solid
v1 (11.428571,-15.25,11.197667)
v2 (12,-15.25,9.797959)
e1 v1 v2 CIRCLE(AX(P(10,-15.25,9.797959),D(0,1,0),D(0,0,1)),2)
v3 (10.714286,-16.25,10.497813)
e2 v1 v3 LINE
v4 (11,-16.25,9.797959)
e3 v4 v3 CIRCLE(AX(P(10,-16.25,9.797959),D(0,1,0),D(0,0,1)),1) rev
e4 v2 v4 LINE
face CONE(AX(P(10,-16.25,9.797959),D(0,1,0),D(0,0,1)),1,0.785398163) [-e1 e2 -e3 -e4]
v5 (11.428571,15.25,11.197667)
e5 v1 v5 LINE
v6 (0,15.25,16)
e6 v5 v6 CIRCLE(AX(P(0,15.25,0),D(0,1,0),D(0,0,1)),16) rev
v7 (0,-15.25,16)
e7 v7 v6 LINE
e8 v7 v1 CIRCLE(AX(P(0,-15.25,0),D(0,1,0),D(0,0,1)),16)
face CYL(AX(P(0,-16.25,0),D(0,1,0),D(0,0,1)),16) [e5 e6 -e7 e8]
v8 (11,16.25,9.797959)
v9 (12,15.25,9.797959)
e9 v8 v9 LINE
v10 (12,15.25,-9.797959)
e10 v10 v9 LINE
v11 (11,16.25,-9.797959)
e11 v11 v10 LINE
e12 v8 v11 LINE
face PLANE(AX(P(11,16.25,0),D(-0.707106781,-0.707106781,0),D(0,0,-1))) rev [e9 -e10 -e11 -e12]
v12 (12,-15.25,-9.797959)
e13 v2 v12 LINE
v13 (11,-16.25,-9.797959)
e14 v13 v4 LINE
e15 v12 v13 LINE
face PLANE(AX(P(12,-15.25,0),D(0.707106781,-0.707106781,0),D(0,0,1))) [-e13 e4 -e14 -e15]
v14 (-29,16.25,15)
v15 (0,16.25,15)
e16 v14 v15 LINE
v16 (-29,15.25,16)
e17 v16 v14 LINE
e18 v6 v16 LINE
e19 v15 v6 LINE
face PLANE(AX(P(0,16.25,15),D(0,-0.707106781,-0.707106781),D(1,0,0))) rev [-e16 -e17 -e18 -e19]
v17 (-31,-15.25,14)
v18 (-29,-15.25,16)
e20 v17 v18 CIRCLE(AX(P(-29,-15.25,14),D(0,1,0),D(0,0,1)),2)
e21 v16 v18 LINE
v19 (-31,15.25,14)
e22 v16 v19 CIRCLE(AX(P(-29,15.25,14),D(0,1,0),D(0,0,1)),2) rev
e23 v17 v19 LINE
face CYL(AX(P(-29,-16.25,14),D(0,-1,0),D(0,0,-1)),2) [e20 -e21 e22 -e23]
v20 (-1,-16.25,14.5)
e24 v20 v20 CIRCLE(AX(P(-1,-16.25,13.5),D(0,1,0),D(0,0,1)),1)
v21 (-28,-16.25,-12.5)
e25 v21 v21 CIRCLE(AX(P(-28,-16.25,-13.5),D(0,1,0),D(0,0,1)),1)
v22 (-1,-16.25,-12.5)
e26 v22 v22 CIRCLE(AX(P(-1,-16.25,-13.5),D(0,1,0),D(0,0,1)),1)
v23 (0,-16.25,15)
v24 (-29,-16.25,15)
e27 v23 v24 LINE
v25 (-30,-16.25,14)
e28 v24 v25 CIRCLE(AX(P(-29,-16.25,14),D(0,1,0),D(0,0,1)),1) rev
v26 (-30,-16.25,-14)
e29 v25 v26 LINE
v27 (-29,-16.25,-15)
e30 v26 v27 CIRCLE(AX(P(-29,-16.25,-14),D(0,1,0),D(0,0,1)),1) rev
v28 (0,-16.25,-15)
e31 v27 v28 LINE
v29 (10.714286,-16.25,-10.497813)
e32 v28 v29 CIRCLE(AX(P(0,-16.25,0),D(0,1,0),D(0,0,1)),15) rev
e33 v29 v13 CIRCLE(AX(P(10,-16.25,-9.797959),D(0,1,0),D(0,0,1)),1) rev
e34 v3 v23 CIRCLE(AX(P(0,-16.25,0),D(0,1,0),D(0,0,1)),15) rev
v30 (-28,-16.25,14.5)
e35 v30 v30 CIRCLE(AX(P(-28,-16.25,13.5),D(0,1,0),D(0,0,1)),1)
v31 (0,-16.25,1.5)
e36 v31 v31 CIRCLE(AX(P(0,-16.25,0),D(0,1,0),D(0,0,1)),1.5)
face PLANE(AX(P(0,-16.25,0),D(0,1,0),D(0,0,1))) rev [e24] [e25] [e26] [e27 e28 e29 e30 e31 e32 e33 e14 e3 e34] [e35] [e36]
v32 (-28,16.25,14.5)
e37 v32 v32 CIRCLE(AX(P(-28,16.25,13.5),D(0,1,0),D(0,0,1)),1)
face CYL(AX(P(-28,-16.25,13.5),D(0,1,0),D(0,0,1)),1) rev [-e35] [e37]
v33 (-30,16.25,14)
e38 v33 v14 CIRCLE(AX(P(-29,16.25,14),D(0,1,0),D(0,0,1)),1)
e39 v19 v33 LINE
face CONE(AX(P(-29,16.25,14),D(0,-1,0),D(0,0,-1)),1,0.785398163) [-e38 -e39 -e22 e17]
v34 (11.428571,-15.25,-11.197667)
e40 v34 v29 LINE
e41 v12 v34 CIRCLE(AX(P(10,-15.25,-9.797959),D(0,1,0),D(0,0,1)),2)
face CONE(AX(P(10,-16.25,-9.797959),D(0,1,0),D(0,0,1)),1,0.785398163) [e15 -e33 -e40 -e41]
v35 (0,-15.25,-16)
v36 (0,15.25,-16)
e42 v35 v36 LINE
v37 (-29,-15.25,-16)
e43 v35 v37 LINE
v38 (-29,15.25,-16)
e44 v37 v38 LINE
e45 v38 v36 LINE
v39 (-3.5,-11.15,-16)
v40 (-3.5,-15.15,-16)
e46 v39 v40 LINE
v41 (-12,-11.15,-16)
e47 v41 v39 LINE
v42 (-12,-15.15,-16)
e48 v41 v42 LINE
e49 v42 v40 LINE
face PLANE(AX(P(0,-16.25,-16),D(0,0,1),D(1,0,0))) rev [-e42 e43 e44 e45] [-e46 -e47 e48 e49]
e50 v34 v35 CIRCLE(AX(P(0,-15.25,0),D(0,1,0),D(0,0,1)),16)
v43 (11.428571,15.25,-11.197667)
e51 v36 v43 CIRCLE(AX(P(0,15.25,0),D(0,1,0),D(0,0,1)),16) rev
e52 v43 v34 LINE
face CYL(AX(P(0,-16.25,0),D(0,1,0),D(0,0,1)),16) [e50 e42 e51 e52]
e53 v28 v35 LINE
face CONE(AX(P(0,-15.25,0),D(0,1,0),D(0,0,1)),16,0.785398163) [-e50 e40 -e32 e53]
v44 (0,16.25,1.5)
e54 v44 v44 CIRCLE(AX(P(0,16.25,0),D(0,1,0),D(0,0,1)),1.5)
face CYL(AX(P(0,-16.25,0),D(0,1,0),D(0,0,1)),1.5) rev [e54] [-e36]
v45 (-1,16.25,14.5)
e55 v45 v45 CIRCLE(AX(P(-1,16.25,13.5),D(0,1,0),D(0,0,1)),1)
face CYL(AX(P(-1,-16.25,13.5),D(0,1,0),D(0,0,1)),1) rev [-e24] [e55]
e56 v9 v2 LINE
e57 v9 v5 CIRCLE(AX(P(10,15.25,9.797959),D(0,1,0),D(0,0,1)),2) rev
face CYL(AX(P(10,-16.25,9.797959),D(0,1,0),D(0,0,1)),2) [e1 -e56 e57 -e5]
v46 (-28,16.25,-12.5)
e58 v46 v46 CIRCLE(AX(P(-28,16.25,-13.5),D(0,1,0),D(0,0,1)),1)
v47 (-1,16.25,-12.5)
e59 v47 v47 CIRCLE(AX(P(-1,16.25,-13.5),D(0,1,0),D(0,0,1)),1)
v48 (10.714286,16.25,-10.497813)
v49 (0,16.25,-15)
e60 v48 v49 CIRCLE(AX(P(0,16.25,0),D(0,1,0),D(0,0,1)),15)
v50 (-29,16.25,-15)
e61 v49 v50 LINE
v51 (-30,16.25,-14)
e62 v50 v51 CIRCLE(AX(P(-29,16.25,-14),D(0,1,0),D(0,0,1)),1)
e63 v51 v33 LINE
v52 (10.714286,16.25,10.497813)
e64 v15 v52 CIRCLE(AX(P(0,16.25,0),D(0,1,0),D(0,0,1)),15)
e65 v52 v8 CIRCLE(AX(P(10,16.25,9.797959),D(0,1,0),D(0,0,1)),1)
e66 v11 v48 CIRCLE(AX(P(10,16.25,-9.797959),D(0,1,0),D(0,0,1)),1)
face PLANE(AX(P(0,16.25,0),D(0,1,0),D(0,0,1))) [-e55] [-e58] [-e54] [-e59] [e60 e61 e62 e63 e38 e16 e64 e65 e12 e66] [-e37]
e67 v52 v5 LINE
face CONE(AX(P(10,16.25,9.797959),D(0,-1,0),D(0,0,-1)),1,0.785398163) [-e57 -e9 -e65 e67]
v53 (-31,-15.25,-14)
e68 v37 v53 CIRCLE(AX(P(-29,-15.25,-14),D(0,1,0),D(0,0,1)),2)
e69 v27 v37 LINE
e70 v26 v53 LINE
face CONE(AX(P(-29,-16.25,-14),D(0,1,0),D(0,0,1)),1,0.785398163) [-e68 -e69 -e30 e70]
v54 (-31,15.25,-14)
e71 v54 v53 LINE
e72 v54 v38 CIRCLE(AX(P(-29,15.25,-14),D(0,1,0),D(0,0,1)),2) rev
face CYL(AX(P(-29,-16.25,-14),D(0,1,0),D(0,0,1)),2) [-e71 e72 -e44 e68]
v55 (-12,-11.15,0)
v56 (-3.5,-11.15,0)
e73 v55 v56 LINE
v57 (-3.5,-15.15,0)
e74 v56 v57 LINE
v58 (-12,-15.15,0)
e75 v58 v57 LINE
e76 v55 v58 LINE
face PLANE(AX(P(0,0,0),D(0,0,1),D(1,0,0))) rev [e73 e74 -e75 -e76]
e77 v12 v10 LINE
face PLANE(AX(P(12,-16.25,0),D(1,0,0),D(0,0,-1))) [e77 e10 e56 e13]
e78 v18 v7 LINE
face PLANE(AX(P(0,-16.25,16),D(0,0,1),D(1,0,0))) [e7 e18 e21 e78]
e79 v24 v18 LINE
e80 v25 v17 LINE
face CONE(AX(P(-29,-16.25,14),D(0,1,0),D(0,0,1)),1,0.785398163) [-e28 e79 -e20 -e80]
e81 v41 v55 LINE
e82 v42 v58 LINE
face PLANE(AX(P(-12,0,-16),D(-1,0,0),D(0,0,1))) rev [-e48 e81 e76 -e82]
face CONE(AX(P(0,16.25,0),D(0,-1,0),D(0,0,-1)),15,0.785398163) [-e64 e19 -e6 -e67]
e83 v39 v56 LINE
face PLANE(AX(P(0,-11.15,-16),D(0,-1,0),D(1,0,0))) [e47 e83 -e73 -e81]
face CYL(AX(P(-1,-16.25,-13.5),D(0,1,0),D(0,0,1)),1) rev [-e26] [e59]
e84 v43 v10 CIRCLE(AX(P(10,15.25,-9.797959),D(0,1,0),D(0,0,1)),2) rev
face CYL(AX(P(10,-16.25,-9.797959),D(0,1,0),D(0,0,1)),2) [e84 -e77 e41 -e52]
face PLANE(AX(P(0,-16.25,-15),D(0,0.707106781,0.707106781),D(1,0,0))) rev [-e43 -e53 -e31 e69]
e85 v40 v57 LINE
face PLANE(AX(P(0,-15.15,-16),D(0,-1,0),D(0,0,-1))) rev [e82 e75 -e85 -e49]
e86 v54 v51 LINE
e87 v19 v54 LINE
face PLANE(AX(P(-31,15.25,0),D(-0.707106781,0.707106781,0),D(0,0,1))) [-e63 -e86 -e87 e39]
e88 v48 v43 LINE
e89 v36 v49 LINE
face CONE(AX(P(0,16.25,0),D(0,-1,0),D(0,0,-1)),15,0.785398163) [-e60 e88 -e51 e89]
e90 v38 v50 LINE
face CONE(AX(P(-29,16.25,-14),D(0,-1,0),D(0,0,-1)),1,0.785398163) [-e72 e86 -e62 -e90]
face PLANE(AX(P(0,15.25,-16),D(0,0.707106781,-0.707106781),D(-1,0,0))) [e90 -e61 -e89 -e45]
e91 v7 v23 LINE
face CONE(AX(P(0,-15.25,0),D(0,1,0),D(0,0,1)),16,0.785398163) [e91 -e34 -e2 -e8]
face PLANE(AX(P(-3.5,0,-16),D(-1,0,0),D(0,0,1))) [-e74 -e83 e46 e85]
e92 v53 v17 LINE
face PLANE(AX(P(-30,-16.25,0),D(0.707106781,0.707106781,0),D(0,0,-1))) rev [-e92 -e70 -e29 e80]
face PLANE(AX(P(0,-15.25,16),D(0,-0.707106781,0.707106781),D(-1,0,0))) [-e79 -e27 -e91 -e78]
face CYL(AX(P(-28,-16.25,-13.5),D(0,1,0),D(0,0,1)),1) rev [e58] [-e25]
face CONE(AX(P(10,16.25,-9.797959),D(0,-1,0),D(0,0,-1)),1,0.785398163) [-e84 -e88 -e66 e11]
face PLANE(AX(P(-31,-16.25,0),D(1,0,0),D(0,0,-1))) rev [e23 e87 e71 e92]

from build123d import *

# Parameters (mm, degrees)
EXTRUDE_1_DEPTH          = 16.25
EXTRUDE_1_DEPTH_BACK     = 16.25
SKETCH_2_R               = 1.5
CUT_EXTRUDE_1_DEPTH      = 39.484574832
CUT_EXTRUDE_1_DEPTH_BACK = 39.484574832
SKETCH_3_R               = 1
FILLET_1_R               = 2
CHAMFER_1_SIZE           = 1
SKETCH_4_W               = 8.5
SKETCH_4_H               = 4
CUT_EXTRUDE_2_DEPTH      = 39.484574832


with BuildPart() as part:
    # Эскиз2 → Бобышка-Вытянуть1 (new, two sides: drawn at the far end of the back side and taken through both)
    with BuildSketch(Plane(origin=(0, 0, 0), x_dir=(1, 0, 0), z_dir=(0, 1, 0)).offset(-EXTRUDE_1_DEPTH_BACK)):
        with BuildLine():
            Line((-31, 16), (-31, -16))
            Line((-31, -16), (0, -16))
            ThreePointArc((0, -16), (6.583005244, -14.583005244), (12, -10.583005244))
            Line((12, -10.583005244), (12, 10.583005244))
            ThreePointArc((12, 10.583005244), (6.583005244, 14.583005244), (0, 16))
            Line((0, 16), (-31, 16))
        make_face()
        Circle(SKETCH_2_R, mode=Mode.SUBTRACT)
    extrude(amount=EXTRUDE_1_DEPTH + EXTRUDE_1_DEPTH_BACK)

    # Эскиз3 → Вырез-Вытянуть1 (cut, two sides: drawn at the far end of the back side and taken through both)
    with BuildSketch(Plane(origin=(0, 0, 0), x_dir=(1, 0, 0), z_dir=(0, 1, 0)).offset(-CUT_EXTRUDE_1_DEPTH_BACK)):
        with Locations((-28, 13.5)):
            Circle(SKETCH_3_R)
        with Locations((-1, 13.5)):
            Circle(SKETCH_3_R)
        with Locations((-1, -13.5)):
            Circle(SKETCH_3_R)
        with Locations((-28, -13.5)):
            Circle(SKETCH_3_R)
    extrude(amount=CUT_EXTRUDE_1_DEPTH + CUT_EXTRUDE_1_DEPTH_BACK, mode=Mode.SUBTRACT)

    # Скругление1
    fillet_1_edges = [part.edges().sort_by_distance(p)[0] for p in [
        (12, 0, -10.583005244),
        (12, 0, 10.583005244),
        (-31, 0, -16),
        (-31, 0, 16),
    ]]
    fillet(fillet_1_edges, radius=FILLET_1_R)

    # Фаска1
    chamfer_1_edges = [part.edges().sort_by_distance(p)[0] for p in [
        (6.198278861, -16.25, -14.750638602),
        (-14.5, -16.25, -16),
        (11.8516402, -16.25, -10.553887917),
        (-30.414213562, -16.25, -15.414213562),
        (12, -16.25, 0),
        (-31, -16.25, 0),
        (11.8516402, -16.25, 10.553887917),
        (-30.414213562, -16.25, 15.414213562),
        (6.198278861, -16.25, 14.750638602),
        (-14.5, -16.25, 16),
        (6.198278861, 16.25, -14.750638602),
        (-14.5, 16.25, -16),
        (11.8516402, 16.25, -10.553887917),
        (-30.414213562, 16.25, -15.414213562),
        (12, 16.25, 0),
        (-31, 16.25, 0),
        (11.8516402, 16.25, 10.553887917),
        (-30.414213562, 16.25, 15.414213562),
        (6.198278861, 16.25, 14.750638602),
        (-14.5, 16.25, 16),
    ]]
    chamfer(chamfer_1_edges, length=CHAMFER_1_SIZE)

    # Эскиз4 → Вырез-Вытянуть2 (cut, through all)
    with BuildSketch(Plane.XY):
        with Locations((-7.75, -13.15)):
            Rectangle(SKETCH_4_W, SKETCH_4_H)
    extrude(amount=-CUT_EXTRUDE_2_DEPTH, mode=Mode.SUBTRACT)


solid = part.part
